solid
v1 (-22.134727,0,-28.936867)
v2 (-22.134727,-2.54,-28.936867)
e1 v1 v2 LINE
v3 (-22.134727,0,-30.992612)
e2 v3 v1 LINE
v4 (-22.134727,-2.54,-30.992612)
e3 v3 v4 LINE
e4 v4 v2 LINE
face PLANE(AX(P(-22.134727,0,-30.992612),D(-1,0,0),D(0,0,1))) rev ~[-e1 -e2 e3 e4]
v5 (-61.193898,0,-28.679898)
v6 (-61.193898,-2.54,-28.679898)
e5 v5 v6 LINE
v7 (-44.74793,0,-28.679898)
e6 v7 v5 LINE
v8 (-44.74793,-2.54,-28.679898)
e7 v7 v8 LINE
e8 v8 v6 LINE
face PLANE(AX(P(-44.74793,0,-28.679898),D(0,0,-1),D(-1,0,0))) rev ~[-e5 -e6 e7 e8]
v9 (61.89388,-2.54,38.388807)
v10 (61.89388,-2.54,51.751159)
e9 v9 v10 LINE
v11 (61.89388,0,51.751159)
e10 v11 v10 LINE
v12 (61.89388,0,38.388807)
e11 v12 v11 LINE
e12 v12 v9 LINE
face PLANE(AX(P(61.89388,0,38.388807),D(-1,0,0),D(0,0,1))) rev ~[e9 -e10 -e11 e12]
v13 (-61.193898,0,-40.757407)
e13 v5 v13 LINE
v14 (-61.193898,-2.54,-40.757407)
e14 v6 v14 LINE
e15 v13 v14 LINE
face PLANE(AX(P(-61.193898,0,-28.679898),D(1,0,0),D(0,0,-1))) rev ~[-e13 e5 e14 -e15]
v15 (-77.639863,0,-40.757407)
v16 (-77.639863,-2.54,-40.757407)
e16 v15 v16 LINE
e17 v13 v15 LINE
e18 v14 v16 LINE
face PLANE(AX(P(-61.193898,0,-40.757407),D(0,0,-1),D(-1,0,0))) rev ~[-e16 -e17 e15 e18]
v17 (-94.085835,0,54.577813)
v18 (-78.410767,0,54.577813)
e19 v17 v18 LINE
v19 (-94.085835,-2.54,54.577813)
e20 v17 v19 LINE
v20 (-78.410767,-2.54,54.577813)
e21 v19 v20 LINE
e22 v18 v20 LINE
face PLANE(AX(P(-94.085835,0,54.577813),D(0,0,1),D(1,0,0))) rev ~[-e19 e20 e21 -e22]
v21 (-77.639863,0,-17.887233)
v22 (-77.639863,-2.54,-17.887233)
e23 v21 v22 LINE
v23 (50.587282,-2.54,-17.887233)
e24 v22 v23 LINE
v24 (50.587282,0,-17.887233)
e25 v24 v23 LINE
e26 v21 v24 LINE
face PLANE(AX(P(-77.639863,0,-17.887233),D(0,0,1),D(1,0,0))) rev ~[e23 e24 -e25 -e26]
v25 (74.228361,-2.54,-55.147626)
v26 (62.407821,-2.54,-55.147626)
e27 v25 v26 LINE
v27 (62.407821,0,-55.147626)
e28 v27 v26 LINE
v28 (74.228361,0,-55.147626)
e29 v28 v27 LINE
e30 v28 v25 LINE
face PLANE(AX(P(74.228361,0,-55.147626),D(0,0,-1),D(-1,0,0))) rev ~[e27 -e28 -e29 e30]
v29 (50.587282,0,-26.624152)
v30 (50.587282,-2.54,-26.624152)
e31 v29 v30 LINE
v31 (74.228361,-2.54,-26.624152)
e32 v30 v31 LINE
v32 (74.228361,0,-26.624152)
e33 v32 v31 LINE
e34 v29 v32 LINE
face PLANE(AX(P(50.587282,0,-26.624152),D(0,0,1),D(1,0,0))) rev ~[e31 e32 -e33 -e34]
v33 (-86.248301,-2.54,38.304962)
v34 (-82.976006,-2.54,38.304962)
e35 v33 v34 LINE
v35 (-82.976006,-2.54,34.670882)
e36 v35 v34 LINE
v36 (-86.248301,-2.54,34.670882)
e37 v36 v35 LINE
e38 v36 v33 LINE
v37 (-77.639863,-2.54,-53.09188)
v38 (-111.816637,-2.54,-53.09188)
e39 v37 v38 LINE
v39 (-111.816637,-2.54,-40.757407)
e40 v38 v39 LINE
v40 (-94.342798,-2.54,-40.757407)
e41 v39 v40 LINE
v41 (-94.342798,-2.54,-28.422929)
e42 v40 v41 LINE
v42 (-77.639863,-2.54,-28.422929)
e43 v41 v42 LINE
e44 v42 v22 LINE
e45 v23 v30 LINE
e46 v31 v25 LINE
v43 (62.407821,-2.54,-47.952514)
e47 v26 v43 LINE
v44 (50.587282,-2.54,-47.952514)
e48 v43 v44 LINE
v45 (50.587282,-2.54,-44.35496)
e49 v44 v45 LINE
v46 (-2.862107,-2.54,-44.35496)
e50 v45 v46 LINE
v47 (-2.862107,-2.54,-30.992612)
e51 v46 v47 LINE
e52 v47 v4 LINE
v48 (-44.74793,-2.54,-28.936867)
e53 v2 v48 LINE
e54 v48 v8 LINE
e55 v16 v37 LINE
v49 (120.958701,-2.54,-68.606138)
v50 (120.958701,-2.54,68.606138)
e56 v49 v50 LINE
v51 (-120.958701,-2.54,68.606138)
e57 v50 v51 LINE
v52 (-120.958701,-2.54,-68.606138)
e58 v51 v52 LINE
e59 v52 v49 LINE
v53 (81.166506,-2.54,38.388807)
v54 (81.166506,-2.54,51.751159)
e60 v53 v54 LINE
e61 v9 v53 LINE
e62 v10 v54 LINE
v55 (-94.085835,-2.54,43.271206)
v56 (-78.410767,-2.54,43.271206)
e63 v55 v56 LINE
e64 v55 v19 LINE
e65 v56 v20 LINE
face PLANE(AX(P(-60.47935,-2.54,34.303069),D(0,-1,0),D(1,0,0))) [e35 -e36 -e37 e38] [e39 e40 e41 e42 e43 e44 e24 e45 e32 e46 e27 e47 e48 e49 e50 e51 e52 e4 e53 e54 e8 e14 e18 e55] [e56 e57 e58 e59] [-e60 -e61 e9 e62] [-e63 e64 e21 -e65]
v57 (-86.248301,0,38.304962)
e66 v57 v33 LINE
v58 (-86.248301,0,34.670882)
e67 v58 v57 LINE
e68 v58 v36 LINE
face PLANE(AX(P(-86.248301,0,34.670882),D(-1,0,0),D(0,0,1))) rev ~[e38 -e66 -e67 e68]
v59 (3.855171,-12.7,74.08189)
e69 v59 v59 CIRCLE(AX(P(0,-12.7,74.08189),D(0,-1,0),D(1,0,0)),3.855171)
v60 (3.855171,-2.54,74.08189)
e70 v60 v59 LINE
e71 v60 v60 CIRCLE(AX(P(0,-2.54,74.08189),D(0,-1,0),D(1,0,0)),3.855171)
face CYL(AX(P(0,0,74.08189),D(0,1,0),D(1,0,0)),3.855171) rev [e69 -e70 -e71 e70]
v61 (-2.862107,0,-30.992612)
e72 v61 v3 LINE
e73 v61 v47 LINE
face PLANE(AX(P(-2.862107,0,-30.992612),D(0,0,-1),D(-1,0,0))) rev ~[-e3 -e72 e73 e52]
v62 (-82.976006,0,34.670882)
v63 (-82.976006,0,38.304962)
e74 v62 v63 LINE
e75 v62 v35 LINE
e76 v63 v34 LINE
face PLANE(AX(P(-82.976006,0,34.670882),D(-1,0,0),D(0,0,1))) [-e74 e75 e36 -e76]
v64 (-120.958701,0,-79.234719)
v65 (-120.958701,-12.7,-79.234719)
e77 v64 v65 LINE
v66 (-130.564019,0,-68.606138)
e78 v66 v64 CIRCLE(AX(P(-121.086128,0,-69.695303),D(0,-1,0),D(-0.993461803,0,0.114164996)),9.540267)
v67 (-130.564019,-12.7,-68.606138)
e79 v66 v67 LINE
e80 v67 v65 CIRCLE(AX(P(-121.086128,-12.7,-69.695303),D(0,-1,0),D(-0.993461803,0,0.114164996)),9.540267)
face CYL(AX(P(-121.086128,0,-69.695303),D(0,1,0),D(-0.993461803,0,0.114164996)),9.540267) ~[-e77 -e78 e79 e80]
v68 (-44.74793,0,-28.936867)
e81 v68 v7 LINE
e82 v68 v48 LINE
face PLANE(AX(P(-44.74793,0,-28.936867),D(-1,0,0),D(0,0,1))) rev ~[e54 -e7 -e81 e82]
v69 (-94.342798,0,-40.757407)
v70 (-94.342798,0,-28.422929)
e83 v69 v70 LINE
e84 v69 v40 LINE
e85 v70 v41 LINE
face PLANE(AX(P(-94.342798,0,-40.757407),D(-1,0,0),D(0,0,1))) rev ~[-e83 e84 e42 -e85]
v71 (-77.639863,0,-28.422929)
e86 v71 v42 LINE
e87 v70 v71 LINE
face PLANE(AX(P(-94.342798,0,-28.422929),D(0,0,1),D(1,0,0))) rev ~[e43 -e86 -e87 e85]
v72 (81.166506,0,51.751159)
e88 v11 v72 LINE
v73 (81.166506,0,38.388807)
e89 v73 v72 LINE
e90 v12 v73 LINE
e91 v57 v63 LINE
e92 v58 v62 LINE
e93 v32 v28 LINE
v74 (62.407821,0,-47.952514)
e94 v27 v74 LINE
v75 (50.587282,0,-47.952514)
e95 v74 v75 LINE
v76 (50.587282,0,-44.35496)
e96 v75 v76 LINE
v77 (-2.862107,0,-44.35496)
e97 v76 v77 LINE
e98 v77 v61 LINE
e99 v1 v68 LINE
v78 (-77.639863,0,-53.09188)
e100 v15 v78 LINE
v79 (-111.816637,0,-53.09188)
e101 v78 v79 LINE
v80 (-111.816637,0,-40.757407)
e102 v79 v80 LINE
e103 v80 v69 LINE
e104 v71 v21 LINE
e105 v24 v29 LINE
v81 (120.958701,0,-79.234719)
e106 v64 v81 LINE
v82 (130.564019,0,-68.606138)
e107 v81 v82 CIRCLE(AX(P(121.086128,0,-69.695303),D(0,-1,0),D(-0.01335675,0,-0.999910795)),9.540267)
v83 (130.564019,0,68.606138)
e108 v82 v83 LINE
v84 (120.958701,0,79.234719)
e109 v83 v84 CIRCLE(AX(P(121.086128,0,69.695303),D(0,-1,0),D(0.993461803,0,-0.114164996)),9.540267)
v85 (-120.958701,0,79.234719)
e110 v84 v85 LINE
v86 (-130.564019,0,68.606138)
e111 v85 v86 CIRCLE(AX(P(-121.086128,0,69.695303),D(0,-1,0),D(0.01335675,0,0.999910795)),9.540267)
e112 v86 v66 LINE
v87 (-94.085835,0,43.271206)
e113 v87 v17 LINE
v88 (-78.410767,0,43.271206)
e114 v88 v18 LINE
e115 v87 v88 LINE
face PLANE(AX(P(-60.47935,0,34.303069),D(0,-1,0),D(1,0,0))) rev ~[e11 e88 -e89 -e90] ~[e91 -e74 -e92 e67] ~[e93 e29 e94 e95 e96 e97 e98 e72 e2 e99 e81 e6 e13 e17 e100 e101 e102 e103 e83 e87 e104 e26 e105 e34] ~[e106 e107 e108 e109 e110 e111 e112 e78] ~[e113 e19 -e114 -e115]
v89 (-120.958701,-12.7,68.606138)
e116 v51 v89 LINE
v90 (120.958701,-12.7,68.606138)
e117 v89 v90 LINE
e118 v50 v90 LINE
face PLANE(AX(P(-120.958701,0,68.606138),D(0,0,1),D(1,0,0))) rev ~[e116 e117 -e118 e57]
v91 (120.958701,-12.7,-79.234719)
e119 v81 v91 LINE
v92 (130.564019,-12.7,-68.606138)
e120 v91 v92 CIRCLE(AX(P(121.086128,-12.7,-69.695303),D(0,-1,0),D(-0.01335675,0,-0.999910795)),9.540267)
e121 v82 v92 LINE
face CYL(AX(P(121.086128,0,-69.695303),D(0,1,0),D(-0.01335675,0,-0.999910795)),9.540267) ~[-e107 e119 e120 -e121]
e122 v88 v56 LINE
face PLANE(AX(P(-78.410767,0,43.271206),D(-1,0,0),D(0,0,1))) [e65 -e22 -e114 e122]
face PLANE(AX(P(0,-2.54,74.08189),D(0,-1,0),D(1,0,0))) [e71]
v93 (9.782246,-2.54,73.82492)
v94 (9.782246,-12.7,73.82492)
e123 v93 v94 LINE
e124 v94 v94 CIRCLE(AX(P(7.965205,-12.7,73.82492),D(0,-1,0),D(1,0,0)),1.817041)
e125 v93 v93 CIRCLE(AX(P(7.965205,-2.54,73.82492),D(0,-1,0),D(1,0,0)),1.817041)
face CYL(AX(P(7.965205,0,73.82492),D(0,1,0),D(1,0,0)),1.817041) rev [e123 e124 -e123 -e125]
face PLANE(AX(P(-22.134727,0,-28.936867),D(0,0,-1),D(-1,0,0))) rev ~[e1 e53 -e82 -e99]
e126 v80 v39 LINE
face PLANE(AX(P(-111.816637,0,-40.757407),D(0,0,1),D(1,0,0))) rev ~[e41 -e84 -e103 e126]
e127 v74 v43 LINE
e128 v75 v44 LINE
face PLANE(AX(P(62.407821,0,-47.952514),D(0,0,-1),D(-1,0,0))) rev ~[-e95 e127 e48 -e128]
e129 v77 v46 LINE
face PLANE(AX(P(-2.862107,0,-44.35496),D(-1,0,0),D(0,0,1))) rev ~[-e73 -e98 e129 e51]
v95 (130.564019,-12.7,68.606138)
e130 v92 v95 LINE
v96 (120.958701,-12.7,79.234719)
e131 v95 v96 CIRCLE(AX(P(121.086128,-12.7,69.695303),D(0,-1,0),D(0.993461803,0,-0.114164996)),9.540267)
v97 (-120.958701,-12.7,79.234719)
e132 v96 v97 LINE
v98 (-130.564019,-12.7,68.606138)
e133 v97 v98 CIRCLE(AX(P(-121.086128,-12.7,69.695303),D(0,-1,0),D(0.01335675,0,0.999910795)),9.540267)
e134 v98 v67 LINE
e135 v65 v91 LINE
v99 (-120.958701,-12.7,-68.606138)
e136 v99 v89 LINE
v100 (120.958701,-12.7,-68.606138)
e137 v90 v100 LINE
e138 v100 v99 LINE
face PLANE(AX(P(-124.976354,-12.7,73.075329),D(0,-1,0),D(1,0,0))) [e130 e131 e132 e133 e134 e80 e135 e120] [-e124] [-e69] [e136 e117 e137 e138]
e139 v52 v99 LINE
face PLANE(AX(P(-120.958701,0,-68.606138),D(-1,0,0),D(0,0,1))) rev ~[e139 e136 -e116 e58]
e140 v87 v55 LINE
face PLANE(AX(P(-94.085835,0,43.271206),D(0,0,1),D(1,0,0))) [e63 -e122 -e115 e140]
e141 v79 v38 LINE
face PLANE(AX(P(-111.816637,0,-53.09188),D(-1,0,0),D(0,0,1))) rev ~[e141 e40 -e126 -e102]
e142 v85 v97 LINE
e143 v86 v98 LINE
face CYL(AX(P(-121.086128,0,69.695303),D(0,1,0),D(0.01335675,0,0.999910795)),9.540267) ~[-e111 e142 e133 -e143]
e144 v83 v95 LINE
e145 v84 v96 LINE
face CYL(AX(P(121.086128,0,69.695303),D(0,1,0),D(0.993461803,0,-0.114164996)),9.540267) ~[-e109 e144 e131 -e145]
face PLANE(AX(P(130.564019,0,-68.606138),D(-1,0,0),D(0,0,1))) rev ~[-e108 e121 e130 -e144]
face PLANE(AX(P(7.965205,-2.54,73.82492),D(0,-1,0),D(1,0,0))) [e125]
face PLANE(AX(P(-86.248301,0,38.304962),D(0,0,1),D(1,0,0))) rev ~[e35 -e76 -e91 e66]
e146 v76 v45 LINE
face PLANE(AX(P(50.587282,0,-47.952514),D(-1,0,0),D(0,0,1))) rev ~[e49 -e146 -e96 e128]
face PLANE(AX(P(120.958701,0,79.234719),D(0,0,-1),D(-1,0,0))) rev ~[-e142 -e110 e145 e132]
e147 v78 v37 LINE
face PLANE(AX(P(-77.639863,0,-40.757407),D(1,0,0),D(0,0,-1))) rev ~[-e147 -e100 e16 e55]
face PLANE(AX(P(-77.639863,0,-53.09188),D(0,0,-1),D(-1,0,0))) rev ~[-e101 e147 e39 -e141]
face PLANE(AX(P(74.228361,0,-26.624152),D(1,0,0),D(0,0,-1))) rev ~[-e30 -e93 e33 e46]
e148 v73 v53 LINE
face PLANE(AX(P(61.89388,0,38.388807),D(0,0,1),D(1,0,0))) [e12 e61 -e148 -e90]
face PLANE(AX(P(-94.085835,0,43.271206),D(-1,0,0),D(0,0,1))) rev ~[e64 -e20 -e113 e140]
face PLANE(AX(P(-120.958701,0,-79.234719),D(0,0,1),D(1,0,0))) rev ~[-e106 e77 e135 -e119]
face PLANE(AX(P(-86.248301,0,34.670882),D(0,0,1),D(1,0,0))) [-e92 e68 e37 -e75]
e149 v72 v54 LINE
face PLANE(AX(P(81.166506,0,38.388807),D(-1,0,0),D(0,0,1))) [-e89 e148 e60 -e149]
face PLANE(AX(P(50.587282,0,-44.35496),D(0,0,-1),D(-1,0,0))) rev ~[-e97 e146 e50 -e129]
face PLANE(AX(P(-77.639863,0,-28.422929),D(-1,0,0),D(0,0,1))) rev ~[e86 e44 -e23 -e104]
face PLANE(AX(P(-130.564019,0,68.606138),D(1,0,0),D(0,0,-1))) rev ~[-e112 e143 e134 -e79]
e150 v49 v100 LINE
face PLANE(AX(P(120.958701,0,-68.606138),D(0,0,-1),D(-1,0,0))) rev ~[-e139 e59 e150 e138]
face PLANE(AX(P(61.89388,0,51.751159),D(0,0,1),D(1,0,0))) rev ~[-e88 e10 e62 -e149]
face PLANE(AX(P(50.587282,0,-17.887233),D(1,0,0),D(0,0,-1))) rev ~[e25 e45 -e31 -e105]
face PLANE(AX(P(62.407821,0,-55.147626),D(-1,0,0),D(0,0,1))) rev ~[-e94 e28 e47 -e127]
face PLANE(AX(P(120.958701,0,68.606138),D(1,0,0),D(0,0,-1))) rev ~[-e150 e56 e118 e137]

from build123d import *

# Parameters (mm, degrees)
F0_R     = 3.8551712717
F0_R_2   = 1.8170405965
F1_DEPTH = 12.7
F0_W     = 120.9587007761
F0_H     = 68.6061382294
F0_W_2   = 3.2722949982
F0_H_2   = 3.6340802908
F0_W_3   = 15.6750679016
F0_H_3   = 11.3066062331
F0_W_4   = 19.2726254463
F0_H_4   = 13.362351805
F2_DEPTH = 2.54


with BuildPart() as f1:
    # F0 (on Front) → F1 (new body)
    with BuildSketch(Plane.XZ):
        with BuildLine():
            Line((-130.564019084, 68.6061382294), (-120.9587007761, 68.6061382294))
            Line((-120.9587007761, 68.6061382294), (-120.9587007761, 79.2347192764))
            ThreePointArc((-120.9587007761, 79.2347192764), (-128.1642263421, 76.0919600831), (-130.564019084, 68.6061382294))
        make_face()
        with BuildLine():
            Line((120.9587007761, 79.2347192764), (120.9587007761, 68.6061382294))
            Line((120.9587007761, 68.6061382294), (130.564019084, 68.6061382294))
            ThreePointArc((130.564019084, 68.6061382294), (128.1642263421, 76.0919600831), (120.9587007761, 79.2347192764))
        make_face()
        with BuildLine():
            Line((-120.9587007761, -79.2347192764), (-120.9587007761, -68.6061382294))
            Line((-120.9587007761, -68.6061382294), (-130.564019084, -68.6061382294))
            ThreePointArc((-130.564019084, -68.6061382294), (-128.1642263421, -76.0919600831), (-120.9587007761, -79.2347192764))
        make_face()
        with BuildLine():
            Line((130.564019084, -68.6061382294), (120.9587007761, -68.6061382294))
            Line((120.9587007761, -68.6061382294), (120.9587007761, -79.2347192764))
            ThreePointArc((120.9587007761, -79.2347192764), (128.1642263421, -76.0919600831), (130.564019084, -68.6061382294))
        make_face()
        Polygon((-120.9587007761, -68.6061382294), (-120.9587007761, 0), (-120.9587007761, 68.6061382294), (-130.564019084, 68.6061382294), (-130.564019084, -68.6061382294), align=None)
        Polygon((120.9587007761, 68.6061382294), (120.9587007761, 0), (120.9587007761, -68.6061382294), (130.564019084, -68.6061382294), (130.564019084, 68.6061382294), align=None)
        Polygon((0, -68.6061382294), (-120.9587007761, -68.6061382294), (-120.9587007761, -79.2347192764), (120.9587007761, -79.2347192764), (120.9587007761, -68.6061382294), align=None)
        Polygon((-120.9587007761, 68.6061382294), (0, 68.6061382294), (120.9587007761, 68.6061382294), (120.9587007761, 79.2347192764), (-120.9587007761, 79.2347192764), align=None)
        with Locations((0, 74.081890285)):
            Circle(F0_R, mode=Mode.SUBTRACT)
        with Locations((7.9652052373, 73.8249197602)):
            Circle(F0_R_2, mode=Mode.SUBTRACT)
    extrude(amount=F1_DEPTH)

    # F0 (on Front) → F2 (join)
    with BuildSketch(Plane.XZ):
        with Locations((-60.4793503881, 34.3030691147)):
            Rectangle(F0_W, F0_H)
        with Locations((-84.6121534705, 36.4879220724)):
            Rectangle(F0_W_2, F0_H_2, mode=Mode.SUBTRACT)
        with Locations((-86.2483009696, 48.9245094359)):
            Rectangle(F0_W_3, F0_H_3, mode=Mode.SUBTRACT)
        with Locations((60.4793503881, 34.3030691147)):
            Rectangle(F0_W, F0_H)
        with Locations((71.5301930904, 45.069983229)):
            Rectangle(F0_W_4, F0_H_4, mode=Mode.SUBTRACT)
        Polygon((120.9587007761, 0), (0, 0), (0, -17.8872328252), (23.6056204885, -17.8872328252), (50.5872815847, -17.8872328252), (50.5872815847, -26.6241524369), (74.228361249, -26.6241524369), (74.228361249, -47.9525141418), (74.228361249, -55.1476255059), (62.4078214169, -55.1476255059), (62.4078214169, -47.9525141418), (50.5872815847, -47.9525141418), (50.5872815847, -44.3549603224), (20.5219965428, -44.3549603224), (0, -44.3549603224), (0, -68.6061382294), (120.9587007761, -68.6061382294), align=None)
        Polygon((0, -17.8872328252), (0, 0), (-120.9587007761, 0), (-120.9587007761, -68.6061382294), (0, -68.6061382294), (0, -44.3549603224), (-2.8621072415, -44.3549603224), (-2.8621072415, -30.9926122427), (-22.1347268671, -30.9926122427), (-22.1347268671, -28.9368666708), (-44.7479300201, -28.9368666708), (-44.7479300201, -28.6798980087), (-61.1938983202, -28.6798980087), (-61.1938983202, -40.757406503), (-77.639862895, -40.757406503), (-77.639862895, -53.0918799341), (-94.3427979946, -53.0918799341), (-111.816637218, -53.0918799341), (-111.816637218, -40.757406503), (-94.3427979946, -40.757406503), (-94.3427979946, -28.4229293466), (-77.639862895, -28.4229293466), (-77.639862895, -17.8872328252), (-61.1938983202, -17.8872328252), (-44.7479300201, -17.8872328252), (-22.1347268671, -17.8872328252), (-2.8621072415, -17.8872328252), align=None)
        with Locations((0, 74.081890285)):
            Circle(F0_R)
        with Locations((7.9652052373, 73.8249197602)):
            Circle(F0_R_2)
    extrude(amount=F2_DEPTH)


solid = f1.part
